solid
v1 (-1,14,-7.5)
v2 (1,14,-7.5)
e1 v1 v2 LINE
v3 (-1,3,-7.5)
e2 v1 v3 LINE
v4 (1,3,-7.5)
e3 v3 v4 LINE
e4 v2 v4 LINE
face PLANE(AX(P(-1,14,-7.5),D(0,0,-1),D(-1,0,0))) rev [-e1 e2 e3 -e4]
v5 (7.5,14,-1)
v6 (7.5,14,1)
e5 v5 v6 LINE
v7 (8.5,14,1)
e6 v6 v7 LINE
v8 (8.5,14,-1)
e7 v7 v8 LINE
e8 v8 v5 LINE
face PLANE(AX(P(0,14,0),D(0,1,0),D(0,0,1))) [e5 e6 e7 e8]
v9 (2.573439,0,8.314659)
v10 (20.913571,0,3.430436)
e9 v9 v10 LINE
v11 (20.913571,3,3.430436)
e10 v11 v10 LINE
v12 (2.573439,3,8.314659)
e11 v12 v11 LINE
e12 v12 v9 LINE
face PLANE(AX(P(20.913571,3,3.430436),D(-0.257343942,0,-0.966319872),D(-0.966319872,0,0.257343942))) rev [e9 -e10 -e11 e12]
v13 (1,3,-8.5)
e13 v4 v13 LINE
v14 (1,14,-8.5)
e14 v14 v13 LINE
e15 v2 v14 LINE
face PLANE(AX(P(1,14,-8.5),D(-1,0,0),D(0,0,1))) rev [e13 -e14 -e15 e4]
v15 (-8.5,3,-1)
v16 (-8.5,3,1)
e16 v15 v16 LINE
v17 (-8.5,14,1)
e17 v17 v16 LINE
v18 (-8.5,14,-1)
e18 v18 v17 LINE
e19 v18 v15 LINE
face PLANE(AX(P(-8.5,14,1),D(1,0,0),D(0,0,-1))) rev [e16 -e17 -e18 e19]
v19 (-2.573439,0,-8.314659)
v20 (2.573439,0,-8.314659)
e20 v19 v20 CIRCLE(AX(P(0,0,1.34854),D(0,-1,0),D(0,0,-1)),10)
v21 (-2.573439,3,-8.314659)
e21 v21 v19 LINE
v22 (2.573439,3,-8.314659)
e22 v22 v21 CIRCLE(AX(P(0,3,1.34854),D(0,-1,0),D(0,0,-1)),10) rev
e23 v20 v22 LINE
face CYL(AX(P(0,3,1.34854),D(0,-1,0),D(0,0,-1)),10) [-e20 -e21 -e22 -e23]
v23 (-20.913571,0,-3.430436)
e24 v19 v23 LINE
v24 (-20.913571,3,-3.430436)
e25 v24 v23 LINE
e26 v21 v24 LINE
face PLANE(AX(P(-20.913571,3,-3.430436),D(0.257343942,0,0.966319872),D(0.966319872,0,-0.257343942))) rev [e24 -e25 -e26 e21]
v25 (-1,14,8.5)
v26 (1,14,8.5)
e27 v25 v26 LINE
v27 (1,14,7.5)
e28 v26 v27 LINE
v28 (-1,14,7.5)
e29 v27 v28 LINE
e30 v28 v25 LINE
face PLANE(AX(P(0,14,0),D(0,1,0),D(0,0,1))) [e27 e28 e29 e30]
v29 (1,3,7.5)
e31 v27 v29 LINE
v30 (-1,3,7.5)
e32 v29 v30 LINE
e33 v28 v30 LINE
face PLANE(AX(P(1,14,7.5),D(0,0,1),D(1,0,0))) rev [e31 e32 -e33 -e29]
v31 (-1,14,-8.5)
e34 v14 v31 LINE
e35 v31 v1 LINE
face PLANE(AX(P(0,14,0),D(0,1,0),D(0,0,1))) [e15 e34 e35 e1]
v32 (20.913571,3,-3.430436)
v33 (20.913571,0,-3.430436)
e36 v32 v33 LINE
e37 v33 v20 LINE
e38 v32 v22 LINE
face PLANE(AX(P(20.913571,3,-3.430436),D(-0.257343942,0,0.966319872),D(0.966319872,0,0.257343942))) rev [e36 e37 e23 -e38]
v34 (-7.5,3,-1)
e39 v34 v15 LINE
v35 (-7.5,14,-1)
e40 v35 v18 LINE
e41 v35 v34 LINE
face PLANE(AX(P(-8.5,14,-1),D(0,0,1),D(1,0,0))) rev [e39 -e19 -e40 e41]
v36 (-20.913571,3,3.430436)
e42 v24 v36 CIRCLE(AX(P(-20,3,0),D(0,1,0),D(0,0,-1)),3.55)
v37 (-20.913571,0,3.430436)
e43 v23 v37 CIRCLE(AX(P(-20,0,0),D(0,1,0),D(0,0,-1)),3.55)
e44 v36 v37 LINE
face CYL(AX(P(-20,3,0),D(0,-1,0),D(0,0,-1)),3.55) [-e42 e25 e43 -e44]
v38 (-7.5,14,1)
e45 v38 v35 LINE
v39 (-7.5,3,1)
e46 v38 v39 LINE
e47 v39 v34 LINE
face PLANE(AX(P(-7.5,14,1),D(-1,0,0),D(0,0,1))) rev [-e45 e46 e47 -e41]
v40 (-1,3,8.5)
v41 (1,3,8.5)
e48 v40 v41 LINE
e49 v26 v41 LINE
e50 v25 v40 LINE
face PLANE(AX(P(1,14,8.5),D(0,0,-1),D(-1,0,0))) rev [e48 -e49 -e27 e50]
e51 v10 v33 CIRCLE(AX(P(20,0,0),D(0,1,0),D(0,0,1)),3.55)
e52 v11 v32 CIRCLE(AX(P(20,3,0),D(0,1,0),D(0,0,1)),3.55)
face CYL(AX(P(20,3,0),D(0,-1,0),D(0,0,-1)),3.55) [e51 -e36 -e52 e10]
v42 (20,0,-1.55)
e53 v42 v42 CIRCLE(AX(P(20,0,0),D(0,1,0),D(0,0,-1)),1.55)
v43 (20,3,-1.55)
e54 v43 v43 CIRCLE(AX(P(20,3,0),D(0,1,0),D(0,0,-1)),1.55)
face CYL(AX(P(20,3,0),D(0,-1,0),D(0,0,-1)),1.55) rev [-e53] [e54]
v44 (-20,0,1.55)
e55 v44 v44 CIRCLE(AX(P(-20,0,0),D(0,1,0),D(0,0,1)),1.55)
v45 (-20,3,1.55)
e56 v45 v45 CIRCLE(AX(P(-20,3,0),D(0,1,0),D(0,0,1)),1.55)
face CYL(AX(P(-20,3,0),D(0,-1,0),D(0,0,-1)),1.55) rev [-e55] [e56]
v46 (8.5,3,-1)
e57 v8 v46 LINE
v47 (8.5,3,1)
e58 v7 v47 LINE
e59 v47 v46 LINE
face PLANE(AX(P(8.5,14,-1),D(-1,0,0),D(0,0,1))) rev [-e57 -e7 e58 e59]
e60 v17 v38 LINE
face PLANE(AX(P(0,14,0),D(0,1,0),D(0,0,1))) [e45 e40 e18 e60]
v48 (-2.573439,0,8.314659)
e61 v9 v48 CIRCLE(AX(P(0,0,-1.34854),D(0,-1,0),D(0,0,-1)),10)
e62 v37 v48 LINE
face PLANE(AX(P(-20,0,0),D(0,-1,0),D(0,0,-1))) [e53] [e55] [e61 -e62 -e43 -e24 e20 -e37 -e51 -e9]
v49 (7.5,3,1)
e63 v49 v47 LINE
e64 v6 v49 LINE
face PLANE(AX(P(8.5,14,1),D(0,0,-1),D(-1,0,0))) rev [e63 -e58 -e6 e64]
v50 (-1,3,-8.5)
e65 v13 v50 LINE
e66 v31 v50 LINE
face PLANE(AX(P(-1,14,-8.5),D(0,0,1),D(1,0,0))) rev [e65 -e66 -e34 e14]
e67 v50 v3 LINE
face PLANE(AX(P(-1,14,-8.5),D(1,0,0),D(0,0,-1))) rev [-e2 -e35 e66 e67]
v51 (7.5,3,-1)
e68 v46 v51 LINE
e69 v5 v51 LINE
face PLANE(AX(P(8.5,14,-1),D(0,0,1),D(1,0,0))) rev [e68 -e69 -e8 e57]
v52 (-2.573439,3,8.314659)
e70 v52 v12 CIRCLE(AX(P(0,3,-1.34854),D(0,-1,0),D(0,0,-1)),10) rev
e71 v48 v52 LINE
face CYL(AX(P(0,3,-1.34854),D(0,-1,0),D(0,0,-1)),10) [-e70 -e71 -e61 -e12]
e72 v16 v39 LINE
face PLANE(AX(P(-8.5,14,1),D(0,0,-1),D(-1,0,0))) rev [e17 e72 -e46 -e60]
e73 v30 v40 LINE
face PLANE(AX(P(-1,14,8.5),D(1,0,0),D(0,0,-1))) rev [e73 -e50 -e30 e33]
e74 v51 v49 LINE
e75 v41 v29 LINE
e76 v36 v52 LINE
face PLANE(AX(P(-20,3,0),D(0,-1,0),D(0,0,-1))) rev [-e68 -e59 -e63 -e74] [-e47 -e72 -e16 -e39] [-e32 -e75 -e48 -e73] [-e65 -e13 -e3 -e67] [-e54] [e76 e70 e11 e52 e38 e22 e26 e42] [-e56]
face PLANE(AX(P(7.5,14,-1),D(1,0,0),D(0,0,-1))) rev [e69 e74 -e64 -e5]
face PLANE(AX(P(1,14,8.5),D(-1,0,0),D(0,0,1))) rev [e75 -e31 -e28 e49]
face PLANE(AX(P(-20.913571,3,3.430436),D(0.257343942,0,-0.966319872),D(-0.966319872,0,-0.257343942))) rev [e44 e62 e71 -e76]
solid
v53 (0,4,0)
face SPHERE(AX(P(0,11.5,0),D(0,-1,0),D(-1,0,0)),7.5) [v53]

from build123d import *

# Parameters (mm, degrees)
SKETCH2_R           = 1.55
BOSS_EXTRUDE1_DEPTH = 3
FILLET1_R           = 10
SKETCH4_W           = 2
SKETCH4_H           = 1
SKETCH4_W_2         = 1
SKETCH4_H_2         = 2
BOSS_EXTRUDE2_DEPTH = 11


with BuildPart() as part:
    # Sketch2 → Boss-Extrude1 (new body)
    with BuildSketch(Plane(origin=(0, 0, 0), x_dir=(1, 0, 0), z_dir=(0, 1, 0))):
        with BuildLine():
            Line((-20.913570996, 3.430435546), (0, 9))
            Line((0, 9), (20.913570996, 3.430435546))
            ThreePointArc((20.913570996, 3.430435546), (23.55, 0), (20.913570996, -3.430435546))
            Line((20.913570996, -3.430435546), (0, -9))
            Line((0, -9), (-20.913570996, -3.430435546))
            ThreePointArc((-20.913570996, -3.430435546), (-23.55, 0), (-20.913570996, 3.430435546))
        make_face()
        with Locations((-20, 0)):
            Circle(SKETCH2_R, mode=Mode.SUBTRACT)
        with Locations((20, 0)):
            Circle(SKETCH2_R, mode=Mode.SUBTRACT)
    extrude(amount=BOSS_EXTRUDE1_DEPTH)

    # Fillet1
    fillet1_edges = [part.edges().sort_by_distance(p)[0] for p in [
        (0, 1.5, -9),
        (0, 1.5, 9),
    ]]
    fillet(fillet1_edges, radius=FILLET1_R)

    # Sketch4 → Boss-Extrude2 (add)
    with BuildSketch(Plane(origin=(0, 3, 0), x_dir=(1, 0, 0), z_dir=(0, 1, 0))):
        with Locations((0, 8)):
            Rectangle(SKETCH4_W, SKETCH4_H)
        with Locations((8, 0)):
            Rectangle(SKETCH4_W_2, SKETCH4_H_2)
        with Locations((0, -8)):
            Rectangle(SKETCH4_W, SKETCH4_H)
        with Locations((-8, 0)):
            Rectangle(SKETCH4_W_2, SKETCH4_H_2)
    extrude(amount=BOSS_EXTRUDE2_DEPTH)


with BuildPart() as body_2:
    # Sketch3 → Revolve1 (revolve)
    with BuildSketch(Plane.XY):
        with BuildLine():
            Line((0, 19), (0, 4))
            ThreePointArc((0, 4), (-7.5, 11.5), (0, 19))
        make_face()
    revolve(axis=Axis((0, 0, 0), (0, 1, 0)))


solid = Compound([part.part, body_2.part])
